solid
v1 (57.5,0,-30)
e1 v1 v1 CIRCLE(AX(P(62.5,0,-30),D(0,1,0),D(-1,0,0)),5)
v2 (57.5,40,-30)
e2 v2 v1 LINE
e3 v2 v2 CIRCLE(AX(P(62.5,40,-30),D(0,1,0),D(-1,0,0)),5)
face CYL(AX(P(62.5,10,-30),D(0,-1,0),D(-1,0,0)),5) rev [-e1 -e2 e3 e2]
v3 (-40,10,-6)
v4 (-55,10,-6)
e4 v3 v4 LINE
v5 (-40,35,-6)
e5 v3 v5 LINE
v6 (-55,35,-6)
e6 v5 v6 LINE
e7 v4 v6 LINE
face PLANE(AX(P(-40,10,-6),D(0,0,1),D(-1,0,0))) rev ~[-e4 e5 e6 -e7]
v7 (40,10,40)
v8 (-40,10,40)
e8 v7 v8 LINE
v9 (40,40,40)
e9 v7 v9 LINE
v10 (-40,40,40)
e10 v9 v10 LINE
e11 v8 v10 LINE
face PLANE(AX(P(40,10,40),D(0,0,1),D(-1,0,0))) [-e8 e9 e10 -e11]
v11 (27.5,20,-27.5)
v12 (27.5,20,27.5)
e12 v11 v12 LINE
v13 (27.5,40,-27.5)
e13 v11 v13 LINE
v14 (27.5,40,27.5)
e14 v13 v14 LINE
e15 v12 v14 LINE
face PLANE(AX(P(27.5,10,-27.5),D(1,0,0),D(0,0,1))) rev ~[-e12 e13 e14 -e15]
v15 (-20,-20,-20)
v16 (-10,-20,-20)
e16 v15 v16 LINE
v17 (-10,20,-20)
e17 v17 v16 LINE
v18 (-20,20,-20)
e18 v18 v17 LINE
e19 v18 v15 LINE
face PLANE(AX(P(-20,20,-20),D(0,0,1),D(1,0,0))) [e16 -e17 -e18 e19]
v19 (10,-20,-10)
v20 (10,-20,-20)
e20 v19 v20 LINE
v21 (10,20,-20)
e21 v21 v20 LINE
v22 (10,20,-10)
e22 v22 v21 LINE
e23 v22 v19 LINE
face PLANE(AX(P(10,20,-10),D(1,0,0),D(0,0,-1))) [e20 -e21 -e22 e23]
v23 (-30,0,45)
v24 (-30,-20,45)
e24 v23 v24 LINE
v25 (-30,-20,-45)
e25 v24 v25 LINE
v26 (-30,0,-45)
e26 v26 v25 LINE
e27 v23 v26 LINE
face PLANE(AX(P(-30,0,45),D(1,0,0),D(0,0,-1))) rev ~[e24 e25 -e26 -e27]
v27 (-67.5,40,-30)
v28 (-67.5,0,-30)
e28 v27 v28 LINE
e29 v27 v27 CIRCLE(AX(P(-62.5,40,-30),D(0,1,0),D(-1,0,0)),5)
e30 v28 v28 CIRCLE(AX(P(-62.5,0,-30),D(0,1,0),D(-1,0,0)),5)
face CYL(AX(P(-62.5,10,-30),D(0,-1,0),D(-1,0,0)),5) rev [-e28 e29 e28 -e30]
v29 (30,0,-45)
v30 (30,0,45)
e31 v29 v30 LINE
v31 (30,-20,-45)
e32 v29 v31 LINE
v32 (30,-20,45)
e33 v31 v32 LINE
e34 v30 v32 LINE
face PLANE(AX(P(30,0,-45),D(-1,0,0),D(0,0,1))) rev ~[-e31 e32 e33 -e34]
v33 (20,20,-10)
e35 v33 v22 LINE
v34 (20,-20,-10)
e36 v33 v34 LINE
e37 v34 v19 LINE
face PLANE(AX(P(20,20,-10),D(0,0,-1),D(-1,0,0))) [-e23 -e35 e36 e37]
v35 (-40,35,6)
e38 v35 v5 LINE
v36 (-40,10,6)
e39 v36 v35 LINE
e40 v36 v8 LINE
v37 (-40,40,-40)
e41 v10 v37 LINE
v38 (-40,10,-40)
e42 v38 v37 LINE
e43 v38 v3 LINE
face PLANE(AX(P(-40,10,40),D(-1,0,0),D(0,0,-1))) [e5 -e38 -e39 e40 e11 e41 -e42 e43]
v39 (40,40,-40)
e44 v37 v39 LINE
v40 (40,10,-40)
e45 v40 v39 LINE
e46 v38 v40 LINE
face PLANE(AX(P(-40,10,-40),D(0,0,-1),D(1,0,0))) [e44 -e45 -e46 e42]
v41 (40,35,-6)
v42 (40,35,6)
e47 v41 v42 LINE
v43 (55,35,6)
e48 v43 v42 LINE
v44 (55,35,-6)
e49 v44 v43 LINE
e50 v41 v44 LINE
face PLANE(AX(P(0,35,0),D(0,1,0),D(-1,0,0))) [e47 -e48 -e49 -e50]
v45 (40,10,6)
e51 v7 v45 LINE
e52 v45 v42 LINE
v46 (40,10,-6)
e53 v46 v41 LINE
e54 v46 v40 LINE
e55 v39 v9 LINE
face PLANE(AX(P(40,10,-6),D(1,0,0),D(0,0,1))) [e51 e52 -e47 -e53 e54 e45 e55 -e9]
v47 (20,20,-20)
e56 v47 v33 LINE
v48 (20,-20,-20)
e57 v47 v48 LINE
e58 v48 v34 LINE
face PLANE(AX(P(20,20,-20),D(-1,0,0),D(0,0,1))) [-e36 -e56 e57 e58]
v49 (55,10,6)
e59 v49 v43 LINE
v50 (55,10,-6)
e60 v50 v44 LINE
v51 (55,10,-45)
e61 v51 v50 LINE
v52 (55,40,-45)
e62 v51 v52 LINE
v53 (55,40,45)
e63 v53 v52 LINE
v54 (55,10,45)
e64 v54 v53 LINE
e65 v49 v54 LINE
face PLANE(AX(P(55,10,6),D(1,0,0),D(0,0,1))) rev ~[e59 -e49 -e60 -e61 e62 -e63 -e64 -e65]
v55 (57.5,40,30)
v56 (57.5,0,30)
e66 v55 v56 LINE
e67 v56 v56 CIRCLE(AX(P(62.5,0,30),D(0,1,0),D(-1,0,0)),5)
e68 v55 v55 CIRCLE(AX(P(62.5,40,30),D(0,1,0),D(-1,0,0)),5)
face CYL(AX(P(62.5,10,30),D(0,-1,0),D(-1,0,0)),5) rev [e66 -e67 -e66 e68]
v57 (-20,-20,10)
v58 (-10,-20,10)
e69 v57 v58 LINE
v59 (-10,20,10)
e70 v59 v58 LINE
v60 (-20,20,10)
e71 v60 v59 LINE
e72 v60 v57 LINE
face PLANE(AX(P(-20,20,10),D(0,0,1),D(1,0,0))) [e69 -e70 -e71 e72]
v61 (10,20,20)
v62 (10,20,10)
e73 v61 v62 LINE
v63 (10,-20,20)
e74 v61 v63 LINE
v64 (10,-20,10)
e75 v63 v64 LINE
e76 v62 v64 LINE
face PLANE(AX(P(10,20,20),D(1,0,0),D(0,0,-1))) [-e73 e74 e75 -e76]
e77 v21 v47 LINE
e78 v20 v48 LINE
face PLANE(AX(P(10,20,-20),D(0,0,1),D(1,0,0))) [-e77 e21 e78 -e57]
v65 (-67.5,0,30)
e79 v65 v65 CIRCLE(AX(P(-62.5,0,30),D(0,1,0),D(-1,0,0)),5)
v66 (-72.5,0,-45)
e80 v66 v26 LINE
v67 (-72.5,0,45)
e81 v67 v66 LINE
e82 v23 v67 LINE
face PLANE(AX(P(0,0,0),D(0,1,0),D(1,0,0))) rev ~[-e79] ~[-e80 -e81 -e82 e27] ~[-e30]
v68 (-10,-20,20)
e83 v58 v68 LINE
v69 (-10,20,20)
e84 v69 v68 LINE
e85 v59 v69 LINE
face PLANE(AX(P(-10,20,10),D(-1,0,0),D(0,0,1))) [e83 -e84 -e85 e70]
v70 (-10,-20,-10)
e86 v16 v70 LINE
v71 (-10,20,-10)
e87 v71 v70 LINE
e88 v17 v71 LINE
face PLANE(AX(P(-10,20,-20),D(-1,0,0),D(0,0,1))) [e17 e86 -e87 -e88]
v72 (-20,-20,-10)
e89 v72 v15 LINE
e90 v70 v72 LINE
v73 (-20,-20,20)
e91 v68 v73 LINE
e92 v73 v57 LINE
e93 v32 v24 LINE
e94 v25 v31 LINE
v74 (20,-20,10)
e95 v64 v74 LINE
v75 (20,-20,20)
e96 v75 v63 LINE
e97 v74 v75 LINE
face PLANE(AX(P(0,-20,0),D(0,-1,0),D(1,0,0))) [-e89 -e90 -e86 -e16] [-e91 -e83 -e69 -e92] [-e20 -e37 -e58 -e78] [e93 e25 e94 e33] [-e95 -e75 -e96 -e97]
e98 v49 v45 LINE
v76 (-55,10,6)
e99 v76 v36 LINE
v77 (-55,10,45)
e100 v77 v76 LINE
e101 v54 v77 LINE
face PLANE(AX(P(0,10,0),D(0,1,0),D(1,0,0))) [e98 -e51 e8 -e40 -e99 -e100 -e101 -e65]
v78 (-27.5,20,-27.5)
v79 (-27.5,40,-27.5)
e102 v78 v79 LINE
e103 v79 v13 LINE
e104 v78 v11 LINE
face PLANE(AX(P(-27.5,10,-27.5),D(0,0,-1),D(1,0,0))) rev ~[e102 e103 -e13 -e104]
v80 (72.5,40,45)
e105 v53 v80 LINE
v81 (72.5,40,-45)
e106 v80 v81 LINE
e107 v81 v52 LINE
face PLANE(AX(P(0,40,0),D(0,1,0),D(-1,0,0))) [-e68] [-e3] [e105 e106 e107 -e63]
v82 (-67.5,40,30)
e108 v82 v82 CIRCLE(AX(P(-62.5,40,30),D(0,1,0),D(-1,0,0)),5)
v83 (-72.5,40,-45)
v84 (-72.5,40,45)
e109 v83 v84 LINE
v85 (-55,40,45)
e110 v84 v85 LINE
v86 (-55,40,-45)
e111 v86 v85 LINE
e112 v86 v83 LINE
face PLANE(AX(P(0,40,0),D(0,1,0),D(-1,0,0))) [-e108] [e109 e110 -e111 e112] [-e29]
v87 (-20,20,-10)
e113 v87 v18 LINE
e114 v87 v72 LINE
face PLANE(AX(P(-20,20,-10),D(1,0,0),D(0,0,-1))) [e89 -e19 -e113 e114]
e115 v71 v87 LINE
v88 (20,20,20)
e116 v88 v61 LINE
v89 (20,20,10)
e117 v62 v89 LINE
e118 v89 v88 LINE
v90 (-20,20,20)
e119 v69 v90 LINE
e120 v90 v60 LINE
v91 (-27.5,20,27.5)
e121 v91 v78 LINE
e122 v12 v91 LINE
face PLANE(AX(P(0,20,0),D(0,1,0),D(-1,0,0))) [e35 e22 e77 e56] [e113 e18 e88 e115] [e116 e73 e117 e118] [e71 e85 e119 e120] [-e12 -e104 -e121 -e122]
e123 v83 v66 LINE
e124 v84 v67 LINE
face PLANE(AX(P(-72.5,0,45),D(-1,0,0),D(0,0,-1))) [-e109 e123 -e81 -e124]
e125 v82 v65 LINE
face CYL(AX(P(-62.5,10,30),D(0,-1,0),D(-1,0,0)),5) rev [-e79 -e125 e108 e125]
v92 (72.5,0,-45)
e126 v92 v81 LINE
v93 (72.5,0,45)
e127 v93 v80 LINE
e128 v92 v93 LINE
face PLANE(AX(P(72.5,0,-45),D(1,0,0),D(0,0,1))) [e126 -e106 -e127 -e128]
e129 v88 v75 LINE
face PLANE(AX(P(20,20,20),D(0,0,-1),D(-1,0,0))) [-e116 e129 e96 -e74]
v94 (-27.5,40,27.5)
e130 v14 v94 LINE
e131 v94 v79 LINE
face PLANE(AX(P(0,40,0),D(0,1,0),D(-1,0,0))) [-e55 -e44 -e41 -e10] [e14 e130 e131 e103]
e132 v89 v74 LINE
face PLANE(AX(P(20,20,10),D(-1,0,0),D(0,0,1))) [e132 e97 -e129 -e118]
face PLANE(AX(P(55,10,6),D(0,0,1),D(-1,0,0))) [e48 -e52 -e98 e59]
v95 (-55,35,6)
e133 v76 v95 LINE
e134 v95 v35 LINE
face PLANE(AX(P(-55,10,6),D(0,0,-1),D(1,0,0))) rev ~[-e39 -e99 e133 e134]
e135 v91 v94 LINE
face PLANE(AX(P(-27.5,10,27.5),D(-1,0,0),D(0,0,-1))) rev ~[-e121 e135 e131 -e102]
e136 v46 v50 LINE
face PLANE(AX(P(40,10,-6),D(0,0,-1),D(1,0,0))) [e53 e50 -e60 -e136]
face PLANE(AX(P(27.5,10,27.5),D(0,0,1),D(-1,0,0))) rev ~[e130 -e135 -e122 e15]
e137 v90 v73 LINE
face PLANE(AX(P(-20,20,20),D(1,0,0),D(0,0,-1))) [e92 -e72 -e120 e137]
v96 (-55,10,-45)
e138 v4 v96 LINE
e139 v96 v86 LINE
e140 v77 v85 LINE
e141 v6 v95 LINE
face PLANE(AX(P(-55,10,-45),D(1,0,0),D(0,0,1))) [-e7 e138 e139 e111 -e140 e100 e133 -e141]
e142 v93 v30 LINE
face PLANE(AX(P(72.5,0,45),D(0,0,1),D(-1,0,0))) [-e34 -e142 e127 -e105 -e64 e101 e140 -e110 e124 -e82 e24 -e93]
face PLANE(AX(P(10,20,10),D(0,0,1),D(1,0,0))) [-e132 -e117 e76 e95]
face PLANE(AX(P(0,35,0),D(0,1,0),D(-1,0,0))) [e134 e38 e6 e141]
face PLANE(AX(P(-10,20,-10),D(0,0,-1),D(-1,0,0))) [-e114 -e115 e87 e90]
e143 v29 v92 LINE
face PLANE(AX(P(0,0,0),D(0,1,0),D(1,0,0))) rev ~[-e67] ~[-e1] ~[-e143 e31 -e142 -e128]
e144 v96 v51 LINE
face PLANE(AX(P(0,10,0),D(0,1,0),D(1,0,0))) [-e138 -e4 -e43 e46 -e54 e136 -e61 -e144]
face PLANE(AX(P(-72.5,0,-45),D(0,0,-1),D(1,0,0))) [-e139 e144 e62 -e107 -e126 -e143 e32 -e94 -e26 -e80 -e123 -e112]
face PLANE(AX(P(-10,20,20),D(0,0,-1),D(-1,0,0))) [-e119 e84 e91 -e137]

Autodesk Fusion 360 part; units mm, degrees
sketch "Sketch1" plane through (0, 0, 0) normal (0, 1, 0) x (1, 0, 0)
  line L0 (72.5, -45) -> (-72.5, -45)
  line L1 (-72.5, -45) -> (-72.5, 45)
  line L2 (-72.5, 45) -> (72.5, 45)
  line L3 (72.5, 45) -> (72.5, -45)
  line L4 (72.5, -45) -> (-72.5, 45) construction
  line L5 (-72.5, -45) -> (72.5, 45) construction
  dimension "d1" = 145
  dimension "d2" = 90
extrude "Extrude1" add sketch "Sketch1" along normal blind 10
sketch "Sketch2" plane through (0, 10, 0) normal (0, 1, 0) x (-1, 0, 0)
  line L0 (-72.5, -45) -> (72.5, -45)
  line L1 (72.5, -45) -> (72.5, 45)
  line L2 (72.5, 45) -> (-72.5, 45)
  line L3 (-72.5, 45) -> (-72.5, -45)
  line L4 (72.5, -45) -> (55, -45)
  line L5 (55, -45) -> (55, 45)
  line L6 (55, 45) -> (72.5, 45)
  line L7 (72.5, 45) -> (72.5, -45)
  line L8 (-72.5, -45) -> (-55, -45)
  line L9 (-55, -45) -> (-55, 45)
  line L10 (-55, 45) -> (-72.5, 45)
  line L11 (-72.5, 45) -> (-72.5, -45)
  line L12 (-62.5, 30) -> (62.5, 30) construction
  line L13 (62.5, 30) -> (62.5, -30) construction
  line L14 (62.5, -30) -> (-62.5, -30) construction
  line L15 (-62.5, -30) -> (-62.5, 30) construction
  line L16 (-62.5, 30) -> (62.5, -30) construction
  line L17 (62.5, 30) -> (-62.5, -30) construction
  circle A0 centre (62.5, 30) radius 5
  circle A1 centre (-62.5, 30) radius 5
  circle A2 centre (62.5, -30) radius 5
  circle A3 centre (-62.5, -30) radius 5
  line L18 (-40, 40) -> (40, 40)
  line L19 (40, 40) -> (40, -40)
  line L20 (40, -40) -> (-40, -40)
  line L21 (-40, -40) -> (-40, 40)
  line L22 (-40, 40) -> (40, -40) construction
  line L23 (40, 40) -> (-40, -40) construction
  line L24 (-27.5, 27.5) -> (27.5, 27.5)
  line L25 (27.5, 27.5) -> (27.5, -27.5)
  line L26 (27.5, -27.5) -> (-27.5, -27.5)
  line L27 (-27.5, -27.5) -> (-27.5, 27.5)
  line L28 (-27.5, 27.5) -> (27.5, -27.5) construction
  line L29 (27.5, 27.5) -> (-27.5, -27.5) construction
  line L30 (-40, 6) -> (40, 6) construction
  line L31 (40, 6) -> (40, -6) construction
  line L32 (40, -6) -> (-40, -6) construction
  line L33 (-40, -6) -> (-40, 6) construction
  line L34 (-40, 6) -> (40, -6) construction
  line L35 (40, 6) -> (-40, -6) construction
  line L36 (-40, -6) -> (-55, -6)
  line L37 (-55, -6) -> (-55, 6)
  line L38 (-55, 6) -> (-40, 6)
  line L39 (-40, 6) -> (-40, -6)
  line L40 (40, -6) -> (55, -6)
  line L41 (55, -6) -> (55, 6)
  line L42 (55, 6) -> (40, 6)
  line L43 (40, 6) -> (40, -6)
  dimension "d5" = 17.5
  dimension "d6" = 90
  dimension "d7" = 17.5
  dimension "d8" = 90
  dimension "d9" = 125
  dimension "d10" = 60
  dimension "d11" = 10
  dimension "d14" = -125
  dimension "d15" = -60
  dimension "d16" = 80
  dimension "d17" = 80
  dimension "d18" = 55
  dimension "d19" = 55
  dimension "d20" = 80
  dimension "d21" = 12
  dimension "d22" = 12
  dimension "d23" = 12
extrude "Extrude2" add sketch "Sketch2" along normal blind 30 contours L0 L2 L3 L8 L9 L10 L11 L37 | L0 L1 L2 L4 L5 L6 L7 L41 | L18 L19 L20 L21 L39 L43
extrude "Extrude3" cut sketch "Sketch2" against normal blind 10 contours A0 | A1 | A2 | A3
extrude "Extrude4" add sketch "Sketch2" along normal blind 10 contours L24 L25 L26 L27
extrude "Extrude5" add sketch "Sketch2" along normal blind 25 contours L9 L21 L36 L37 L38 L39 | L5 L19 L40 L41 L42 L43
sketch "Sketch3" plane through (0, 0, 0) normal (0, -1, 0) x (1, 0, 0)
  circle A0 centre (62.5, -30) radius 5
  circle A1 centre (-62.5, -30) radius 5
  circle A2 centre (62.5, 30) radius 5
  circle A3 centre (-62.5, 30) radius 5
  line L0 (-72.5, -45) -> (72.5, -45)
  line L1 (72.5, -45) -> (72.5, 45)
  line L2 (72.5, 45) -> (-72.5, 45)
  line L3 (-72.5, 45) -> (-72.5, -45)
  line L4 (30, 45) -> (-30, 45)
  line L5 (-30, 45) -> (-30, -45)
  line L6 (-30, -45) -> (30, -45)
  line L7 (30, -45) -> (30, 45)
  line L8 (30, 45) -> (-30, -45) construction
  line L9 (-30, 45) -> (30, -45) construction
  dimension "d32" = 60
  dimension "d33" = 90
extrude "Extrude6" add sketch "Sketch3" along normal blind 20 contours L0 L2 L4 L5 L6 L7
sketch "Sketch4" plane through (0, 20, 0) normal (0, 1, 0) x (-1, 0, 0)
  line L0 (-27.5, -27.5) -> (27.5, -27.5)
  line L1 (27.5, -27.5) -> (27.5, 27.5)
  line L2 (27.5, 27.5) -> (-27.5, 27.5)
  line L3 (-27.5, 27.5) -> (-27.5, -27.5)
  line L4 (-15, 15) -> (15, 15) construction
  line L5 (15, 15) -> (15, -15) construction
  line L6 (15, -15) -> (-15, -15) construction
  line L7 (-15, -15) -> (-15, 15) construction
  line L8 (-15, 15) -> (15, -15) construction
  line L9 (15, 15) -> (-15, -15) construction
  line L10 (10, -10) -> (20, -10)
  line L11 (20, -10) -> (20, -20)
  line L12 (20, -20) -> (10, -20)
  line L13 (10, -20) -> (10, -10)
  line L14 (10, -10) -> (20, -20) construction
  line L15 (20, -10) -> (10, -20) construction
  line L16 (-10, -20) -> (-20, -20)
  line L17 (-20, -20) -> (-20, -10)
  line L18 (-20, -10) -> (-10, -20) construction
  line L19 (-10, -10) -> (-10, -20)
  line L20 (-10, -10) -> (-20, -20) construction
  line L21 (-20, -10) -> (-10, -10)
  line L22 (20, 10) -> (10, 10)
  line L23 (10, 10) -> (10, 20)
  line L24 (10, 20) -> (20, 10) construction
  line L25 (20, 20) -> (20, 10)
  line L26 (20, 20) -> (10, 10) construction
  line L27 (10, 20) -> (20, 20)
  line L28 (-10, 10) -> (-20, 10)
  line L29 (-20, 10) -> (-20, 20)
  line L30 (-20, 20) -> (-10, 10) construction
  line L31 (-10, 20) -> (-10, 10)
  line L32 (-10, 20) -> (-20, 10) construction
  line L33 (-20, 20) -> (-10, 20)
  point P0 (15, -15)
  point P1 (-15, -15)
  point P2 (-15, -15)
  point P3 (15, 15)
  point P4 (15, 15)
  point P5 (-15, 15)
  point P6 (-15, 15)
  dimension "d36" = 30
  dimension "d37" = 30
  dimension "d38" = 10
  dimension "d39" = 10
  dimension "d42" = -30
  dimension "d43" = 30
extrude "Extrude7" cut sketch "Sketch4" against normal blind 40 contours L10 L11 L12 L13 | L16 L17 L19 L21 | L22 L23 L25 L27 | L28 L29 L31 L33
